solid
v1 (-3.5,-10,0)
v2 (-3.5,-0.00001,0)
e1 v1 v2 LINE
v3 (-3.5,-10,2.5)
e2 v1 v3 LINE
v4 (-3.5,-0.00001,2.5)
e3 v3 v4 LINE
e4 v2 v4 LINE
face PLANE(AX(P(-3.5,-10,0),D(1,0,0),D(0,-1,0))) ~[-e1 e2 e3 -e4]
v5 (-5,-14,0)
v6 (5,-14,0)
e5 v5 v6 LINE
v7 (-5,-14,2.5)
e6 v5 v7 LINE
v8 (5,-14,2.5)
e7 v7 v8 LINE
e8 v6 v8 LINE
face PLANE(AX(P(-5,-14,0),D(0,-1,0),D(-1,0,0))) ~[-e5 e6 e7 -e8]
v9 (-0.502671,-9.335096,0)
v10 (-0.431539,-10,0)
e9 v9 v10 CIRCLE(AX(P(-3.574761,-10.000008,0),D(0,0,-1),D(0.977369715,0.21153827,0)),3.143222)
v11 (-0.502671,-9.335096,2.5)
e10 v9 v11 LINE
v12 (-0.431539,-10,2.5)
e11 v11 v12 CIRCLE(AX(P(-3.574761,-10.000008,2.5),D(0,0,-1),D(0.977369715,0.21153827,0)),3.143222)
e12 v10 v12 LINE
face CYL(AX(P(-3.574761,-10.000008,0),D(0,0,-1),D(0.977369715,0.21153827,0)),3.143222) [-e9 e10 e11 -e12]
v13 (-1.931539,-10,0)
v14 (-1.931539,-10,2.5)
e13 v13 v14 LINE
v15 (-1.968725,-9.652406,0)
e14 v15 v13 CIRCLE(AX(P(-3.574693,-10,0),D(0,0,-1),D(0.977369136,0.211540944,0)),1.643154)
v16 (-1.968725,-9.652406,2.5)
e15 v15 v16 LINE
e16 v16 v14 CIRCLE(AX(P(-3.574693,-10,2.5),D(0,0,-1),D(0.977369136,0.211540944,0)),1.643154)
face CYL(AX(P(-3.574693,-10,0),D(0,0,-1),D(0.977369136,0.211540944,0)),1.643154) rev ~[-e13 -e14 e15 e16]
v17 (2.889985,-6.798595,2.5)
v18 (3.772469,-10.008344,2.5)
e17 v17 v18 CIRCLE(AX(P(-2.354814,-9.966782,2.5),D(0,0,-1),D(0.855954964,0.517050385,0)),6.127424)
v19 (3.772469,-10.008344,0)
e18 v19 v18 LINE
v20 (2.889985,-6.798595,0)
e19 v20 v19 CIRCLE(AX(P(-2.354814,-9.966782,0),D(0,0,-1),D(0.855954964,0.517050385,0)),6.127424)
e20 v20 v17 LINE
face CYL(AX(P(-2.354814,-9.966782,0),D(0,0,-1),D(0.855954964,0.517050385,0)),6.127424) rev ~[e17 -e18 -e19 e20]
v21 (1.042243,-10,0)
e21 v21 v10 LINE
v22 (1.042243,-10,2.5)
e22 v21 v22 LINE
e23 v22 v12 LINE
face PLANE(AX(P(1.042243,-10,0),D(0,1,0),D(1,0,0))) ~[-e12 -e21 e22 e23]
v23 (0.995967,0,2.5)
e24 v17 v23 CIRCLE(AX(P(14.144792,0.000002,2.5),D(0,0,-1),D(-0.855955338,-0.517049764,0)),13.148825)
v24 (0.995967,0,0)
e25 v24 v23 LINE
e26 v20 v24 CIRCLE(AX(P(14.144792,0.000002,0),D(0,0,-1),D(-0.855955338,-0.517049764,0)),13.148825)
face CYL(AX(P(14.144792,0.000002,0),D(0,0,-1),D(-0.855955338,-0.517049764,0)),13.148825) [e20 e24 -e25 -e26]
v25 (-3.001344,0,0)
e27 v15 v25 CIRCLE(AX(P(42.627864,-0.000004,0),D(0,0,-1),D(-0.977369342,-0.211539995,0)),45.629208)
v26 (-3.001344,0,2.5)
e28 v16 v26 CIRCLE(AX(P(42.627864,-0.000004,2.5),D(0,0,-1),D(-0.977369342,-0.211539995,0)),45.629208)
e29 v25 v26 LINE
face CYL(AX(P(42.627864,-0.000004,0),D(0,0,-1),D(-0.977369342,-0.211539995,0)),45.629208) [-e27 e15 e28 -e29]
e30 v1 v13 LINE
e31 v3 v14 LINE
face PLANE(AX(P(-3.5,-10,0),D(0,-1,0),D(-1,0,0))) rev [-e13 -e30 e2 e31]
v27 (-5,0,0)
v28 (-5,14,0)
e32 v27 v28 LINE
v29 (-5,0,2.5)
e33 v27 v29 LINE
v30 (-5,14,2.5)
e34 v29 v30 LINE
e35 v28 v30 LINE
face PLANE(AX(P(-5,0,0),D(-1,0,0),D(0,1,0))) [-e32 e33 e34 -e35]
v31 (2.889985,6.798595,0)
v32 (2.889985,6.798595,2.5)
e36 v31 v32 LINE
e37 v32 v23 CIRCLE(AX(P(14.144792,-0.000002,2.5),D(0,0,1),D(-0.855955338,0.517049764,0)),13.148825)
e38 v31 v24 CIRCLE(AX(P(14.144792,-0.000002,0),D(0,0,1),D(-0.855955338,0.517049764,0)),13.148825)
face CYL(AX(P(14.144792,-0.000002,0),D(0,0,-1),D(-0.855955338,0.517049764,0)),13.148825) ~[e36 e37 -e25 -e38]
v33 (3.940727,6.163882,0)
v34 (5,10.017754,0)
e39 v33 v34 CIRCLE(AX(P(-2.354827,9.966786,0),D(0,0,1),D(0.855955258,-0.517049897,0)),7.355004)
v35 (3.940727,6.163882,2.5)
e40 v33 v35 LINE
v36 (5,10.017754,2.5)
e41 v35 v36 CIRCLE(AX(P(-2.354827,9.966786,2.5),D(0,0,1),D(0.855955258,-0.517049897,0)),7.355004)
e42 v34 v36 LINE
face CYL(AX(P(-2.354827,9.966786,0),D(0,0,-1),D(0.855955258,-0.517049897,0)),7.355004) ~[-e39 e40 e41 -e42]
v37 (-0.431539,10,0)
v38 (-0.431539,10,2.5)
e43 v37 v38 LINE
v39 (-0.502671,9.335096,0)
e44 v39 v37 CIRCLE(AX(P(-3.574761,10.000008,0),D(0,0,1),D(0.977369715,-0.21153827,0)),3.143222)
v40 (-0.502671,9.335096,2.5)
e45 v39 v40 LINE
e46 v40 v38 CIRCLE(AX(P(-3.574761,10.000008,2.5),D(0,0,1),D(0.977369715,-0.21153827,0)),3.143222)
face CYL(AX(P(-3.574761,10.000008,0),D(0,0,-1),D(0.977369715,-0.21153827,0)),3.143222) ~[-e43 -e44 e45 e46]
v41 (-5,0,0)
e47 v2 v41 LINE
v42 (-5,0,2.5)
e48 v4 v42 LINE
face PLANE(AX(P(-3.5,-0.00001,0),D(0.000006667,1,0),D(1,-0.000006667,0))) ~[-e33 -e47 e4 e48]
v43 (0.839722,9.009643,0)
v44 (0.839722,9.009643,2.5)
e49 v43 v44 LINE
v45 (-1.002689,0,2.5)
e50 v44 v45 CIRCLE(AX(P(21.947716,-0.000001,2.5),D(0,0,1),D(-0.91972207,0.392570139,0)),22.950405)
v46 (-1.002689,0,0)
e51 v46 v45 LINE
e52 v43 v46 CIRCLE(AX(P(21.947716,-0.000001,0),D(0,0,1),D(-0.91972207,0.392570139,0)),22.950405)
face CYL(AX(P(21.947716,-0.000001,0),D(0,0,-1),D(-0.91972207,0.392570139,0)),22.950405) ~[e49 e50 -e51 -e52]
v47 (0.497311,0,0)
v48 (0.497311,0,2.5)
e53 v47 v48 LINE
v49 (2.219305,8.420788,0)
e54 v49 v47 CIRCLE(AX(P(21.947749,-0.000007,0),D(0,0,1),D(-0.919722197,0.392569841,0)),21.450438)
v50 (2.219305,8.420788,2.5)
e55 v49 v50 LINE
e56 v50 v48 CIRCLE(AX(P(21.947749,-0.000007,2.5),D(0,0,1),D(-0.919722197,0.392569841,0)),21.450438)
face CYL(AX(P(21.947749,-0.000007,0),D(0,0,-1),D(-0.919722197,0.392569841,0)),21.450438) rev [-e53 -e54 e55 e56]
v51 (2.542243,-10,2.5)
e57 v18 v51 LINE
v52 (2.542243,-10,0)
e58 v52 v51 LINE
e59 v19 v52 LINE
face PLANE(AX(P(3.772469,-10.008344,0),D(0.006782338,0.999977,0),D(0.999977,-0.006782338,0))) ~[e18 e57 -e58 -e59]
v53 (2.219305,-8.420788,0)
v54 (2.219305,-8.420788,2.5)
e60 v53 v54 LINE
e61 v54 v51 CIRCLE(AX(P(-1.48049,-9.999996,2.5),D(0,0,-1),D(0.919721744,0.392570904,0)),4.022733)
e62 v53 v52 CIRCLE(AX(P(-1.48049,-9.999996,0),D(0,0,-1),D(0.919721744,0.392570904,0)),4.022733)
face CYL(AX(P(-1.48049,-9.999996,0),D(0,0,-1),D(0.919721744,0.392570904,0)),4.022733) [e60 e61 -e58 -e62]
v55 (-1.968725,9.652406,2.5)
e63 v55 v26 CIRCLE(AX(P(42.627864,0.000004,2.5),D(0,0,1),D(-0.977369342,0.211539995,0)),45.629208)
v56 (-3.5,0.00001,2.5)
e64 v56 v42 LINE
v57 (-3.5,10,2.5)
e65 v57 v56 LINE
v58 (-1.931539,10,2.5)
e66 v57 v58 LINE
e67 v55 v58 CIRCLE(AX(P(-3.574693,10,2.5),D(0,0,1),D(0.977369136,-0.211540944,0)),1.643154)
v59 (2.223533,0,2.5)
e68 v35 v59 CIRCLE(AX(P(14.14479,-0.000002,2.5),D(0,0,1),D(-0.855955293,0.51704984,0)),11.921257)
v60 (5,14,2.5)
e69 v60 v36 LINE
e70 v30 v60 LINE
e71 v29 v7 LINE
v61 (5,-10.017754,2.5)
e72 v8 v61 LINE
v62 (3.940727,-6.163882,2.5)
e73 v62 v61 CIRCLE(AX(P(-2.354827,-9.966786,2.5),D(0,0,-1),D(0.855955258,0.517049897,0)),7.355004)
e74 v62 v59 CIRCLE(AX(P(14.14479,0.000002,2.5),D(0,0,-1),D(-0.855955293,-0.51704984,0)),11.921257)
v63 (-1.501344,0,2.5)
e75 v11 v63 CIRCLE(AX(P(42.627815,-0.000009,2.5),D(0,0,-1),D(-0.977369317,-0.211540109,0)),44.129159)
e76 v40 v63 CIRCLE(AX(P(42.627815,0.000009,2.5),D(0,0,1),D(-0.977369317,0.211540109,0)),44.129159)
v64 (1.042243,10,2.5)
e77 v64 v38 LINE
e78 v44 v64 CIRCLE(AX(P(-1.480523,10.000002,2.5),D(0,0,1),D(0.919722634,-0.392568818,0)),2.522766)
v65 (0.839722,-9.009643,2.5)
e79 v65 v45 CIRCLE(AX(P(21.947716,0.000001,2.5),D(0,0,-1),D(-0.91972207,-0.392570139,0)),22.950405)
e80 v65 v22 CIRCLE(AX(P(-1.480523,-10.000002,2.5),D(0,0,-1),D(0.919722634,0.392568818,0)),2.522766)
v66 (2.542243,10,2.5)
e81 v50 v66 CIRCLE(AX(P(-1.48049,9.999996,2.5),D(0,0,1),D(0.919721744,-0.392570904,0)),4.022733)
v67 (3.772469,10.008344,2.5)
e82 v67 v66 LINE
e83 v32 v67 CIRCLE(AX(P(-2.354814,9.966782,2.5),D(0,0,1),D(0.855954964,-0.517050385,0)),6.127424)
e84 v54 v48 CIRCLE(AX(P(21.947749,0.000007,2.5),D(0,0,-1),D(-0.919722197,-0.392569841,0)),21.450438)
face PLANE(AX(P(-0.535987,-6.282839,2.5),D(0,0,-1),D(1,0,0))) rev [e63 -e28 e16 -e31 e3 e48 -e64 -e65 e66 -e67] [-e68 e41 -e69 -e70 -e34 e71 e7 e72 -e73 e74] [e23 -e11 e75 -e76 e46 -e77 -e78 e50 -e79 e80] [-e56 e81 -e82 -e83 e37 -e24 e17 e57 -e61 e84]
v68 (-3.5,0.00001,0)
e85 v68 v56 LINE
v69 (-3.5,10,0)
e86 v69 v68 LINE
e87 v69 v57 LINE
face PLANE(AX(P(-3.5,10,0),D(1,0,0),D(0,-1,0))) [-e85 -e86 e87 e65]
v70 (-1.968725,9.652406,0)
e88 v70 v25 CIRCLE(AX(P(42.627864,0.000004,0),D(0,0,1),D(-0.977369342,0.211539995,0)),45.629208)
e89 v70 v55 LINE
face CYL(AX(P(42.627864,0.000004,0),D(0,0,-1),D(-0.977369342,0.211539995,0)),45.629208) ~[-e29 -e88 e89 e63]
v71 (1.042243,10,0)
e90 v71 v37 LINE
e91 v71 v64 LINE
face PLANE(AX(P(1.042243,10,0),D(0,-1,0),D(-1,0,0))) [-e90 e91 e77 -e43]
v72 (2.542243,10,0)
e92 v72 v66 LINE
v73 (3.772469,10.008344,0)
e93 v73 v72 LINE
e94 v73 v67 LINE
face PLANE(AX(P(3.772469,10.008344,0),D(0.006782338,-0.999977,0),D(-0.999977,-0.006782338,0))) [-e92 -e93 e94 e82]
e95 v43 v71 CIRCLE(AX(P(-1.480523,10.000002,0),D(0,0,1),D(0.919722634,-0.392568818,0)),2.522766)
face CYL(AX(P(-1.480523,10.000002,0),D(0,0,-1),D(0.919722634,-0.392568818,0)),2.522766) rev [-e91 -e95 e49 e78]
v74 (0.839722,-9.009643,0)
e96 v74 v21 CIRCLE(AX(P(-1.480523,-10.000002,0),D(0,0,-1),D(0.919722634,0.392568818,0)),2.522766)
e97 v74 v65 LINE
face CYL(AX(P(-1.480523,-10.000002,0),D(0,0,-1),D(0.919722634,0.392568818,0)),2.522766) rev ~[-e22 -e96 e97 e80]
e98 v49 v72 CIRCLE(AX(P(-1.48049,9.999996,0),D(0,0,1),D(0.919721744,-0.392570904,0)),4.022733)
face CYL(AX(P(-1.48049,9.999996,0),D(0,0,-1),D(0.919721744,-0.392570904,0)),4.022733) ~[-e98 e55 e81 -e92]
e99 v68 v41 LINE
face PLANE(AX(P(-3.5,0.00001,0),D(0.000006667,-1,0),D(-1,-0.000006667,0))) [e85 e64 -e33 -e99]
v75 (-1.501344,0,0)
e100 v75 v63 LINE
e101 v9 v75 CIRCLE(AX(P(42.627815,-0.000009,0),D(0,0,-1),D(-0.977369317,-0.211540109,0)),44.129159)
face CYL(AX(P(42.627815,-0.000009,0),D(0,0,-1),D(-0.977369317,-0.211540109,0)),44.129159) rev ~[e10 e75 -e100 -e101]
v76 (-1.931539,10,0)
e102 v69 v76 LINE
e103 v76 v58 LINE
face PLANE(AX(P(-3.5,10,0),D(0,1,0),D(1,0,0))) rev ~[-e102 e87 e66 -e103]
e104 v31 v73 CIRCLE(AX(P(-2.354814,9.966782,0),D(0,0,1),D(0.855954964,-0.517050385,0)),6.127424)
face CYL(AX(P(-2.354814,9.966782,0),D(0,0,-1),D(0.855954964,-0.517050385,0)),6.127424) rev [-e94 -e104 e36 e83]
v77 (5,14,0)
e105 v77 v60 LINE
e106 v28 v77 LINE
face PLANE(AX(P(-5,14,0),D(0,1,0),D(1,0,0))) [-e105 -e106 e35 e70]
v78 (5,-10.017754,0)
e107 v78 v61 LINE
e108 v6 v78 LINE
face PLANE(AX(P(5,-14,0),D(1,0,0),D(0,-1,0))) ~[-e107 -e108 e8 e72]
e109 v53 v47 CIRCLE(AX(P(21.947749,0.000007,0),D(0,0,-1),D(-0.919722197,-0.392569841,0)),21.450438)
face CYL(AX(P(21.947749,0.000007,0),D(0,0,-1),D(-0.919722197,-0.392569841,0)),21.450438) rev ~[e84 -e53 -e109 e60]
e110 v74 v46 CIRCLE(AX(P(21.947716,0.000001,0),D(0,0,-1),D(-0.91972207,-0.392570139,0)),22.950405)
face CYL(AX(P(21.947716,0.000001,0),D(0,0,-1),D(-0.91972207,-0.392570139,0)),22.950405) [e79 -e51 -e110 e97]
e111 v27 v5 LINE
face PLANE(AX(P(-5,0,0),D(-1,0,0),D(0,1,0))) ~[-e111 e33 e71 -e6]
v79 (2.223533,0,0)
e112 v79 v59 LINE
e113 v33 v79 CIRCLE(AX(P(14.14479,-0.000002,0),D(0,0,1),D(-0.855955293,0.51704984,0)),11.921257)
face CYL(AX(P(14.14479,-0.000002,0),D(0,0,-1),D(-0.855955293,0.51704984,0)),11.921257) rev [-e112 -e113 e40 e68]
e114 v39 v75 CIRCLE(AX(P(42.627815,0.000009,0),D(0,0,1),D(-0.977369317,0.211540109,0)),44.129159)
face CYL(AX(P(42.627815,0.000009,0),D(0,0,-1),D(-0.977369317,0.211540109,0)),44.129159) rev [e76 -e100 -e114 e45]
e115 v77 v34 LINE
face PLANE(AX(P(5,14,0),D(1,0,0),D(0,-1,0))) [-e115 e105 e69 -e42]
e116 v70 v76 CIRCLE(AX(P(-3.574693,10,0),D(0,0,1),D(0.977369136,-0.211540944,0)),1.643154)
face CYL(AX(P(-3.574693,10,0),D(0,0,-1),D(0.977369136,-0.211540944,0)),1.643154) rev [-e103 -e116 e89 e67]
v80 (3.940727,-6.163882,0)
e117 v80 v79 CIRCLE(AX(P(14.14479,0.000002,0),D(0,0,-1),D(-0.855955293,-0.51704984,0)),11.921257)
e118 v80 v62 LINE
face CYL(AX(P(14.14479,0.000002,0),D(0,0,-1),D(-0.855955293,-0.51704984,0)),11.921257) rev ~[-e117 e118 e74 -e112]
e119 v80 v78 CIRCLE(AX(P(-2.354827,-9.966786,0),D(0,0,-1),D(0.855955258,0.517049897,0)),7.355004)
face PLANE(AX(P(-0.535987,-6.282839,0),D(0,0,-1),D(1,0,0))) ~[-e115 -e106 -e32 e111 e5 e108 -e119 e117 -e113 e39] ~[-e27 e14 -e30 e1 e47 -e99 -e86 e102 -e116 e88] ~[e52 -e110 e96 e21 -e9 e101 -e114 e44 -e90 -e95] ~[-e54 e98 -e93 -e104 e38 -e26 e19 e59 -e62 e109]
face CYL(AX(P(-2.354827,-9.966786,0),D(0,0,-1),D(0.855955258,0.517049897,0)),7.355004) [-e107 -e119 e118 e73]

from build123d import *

# Parameters (mm, degrees)
PAD_DEPTH = 2.5


with BuildPart() as part:
    # Sketch → Pad (new body)
    with BuildSketch(Plane.XY):
        with BuildLine():
            Line((-3.5, 1e-05), (-5, 0))
            Line((-5, 0), (-5, 10))
            Line((-5, 10), (-5, 14))
            Line((-5, 14), (5, 14))
            Line((5, 14), (5, 10.017754))
            ThreePointArc((3.940727, 6.163882), (4.737162, 8.017486), (5, 10.017754))
            ThreePointArc((3.940727, 6.163882), (2.660853, 3.199304), (2.223533, 0))
            Line((0.995967, 0), (2.223533, 0))
            ThreePointArc((2.889985, 6.798595), (1.478319, 3.528746), (0.995967, 0))
            ThreePointArc((2.889985, 6.798595), (3.553374, 8.342393), (3.772469, 10.008344))
            Line((3.772469, 10.008344), (2.542243, 10))
            ThreePointArc((2.219305, 8.420788), (2.460682, 9.194053), (2.542243, 10))
            ThreePointArc((2.219305, 8.420788), (0.932219, 4.297526), (0.497311, 0))
            Line((0.497311, 0), (-1.002689, 0))
            ThreePointArc((0.839722, 9.009643), (-0.537369, 4.598047), (-1.002689, 0))
            ThreePointArc((0.839722, 9.009643), (0.991094, 9.494574), (1.042243, 10))
            Line((1.042243, 10), (-0.431539, 10))
            ThreePointArc((-0.502671, 9.335096), (-0.449373, 9.665651), (-0.431539, 10))
            ThreePointArc((-0.502671, 9.335096), (-1.250966, 4.694181), (-1.501344, 0))
            Line((-3.001344, 0), (-1.501344, 0))
            ThreePointArc((-1.968725, 9.652406), (-2.742455, 4.853742), (-3.001344, 0))
            ThreePointArc((-1.968725, 9.652406), (-1.940862, 9.825211), (-1.931539, 10))
            Line((-3.5, 10), (-1.931539, 10))
            Line((-3.5, 10), (-3.5, 1e-05))
        make_face()
    pad = extrude(amount=PAD_DEPTH)

    # Mirrored: Pad across Sketch H_Axis
    add(pad.mirror(Plane.ZX))


solid = part.part
